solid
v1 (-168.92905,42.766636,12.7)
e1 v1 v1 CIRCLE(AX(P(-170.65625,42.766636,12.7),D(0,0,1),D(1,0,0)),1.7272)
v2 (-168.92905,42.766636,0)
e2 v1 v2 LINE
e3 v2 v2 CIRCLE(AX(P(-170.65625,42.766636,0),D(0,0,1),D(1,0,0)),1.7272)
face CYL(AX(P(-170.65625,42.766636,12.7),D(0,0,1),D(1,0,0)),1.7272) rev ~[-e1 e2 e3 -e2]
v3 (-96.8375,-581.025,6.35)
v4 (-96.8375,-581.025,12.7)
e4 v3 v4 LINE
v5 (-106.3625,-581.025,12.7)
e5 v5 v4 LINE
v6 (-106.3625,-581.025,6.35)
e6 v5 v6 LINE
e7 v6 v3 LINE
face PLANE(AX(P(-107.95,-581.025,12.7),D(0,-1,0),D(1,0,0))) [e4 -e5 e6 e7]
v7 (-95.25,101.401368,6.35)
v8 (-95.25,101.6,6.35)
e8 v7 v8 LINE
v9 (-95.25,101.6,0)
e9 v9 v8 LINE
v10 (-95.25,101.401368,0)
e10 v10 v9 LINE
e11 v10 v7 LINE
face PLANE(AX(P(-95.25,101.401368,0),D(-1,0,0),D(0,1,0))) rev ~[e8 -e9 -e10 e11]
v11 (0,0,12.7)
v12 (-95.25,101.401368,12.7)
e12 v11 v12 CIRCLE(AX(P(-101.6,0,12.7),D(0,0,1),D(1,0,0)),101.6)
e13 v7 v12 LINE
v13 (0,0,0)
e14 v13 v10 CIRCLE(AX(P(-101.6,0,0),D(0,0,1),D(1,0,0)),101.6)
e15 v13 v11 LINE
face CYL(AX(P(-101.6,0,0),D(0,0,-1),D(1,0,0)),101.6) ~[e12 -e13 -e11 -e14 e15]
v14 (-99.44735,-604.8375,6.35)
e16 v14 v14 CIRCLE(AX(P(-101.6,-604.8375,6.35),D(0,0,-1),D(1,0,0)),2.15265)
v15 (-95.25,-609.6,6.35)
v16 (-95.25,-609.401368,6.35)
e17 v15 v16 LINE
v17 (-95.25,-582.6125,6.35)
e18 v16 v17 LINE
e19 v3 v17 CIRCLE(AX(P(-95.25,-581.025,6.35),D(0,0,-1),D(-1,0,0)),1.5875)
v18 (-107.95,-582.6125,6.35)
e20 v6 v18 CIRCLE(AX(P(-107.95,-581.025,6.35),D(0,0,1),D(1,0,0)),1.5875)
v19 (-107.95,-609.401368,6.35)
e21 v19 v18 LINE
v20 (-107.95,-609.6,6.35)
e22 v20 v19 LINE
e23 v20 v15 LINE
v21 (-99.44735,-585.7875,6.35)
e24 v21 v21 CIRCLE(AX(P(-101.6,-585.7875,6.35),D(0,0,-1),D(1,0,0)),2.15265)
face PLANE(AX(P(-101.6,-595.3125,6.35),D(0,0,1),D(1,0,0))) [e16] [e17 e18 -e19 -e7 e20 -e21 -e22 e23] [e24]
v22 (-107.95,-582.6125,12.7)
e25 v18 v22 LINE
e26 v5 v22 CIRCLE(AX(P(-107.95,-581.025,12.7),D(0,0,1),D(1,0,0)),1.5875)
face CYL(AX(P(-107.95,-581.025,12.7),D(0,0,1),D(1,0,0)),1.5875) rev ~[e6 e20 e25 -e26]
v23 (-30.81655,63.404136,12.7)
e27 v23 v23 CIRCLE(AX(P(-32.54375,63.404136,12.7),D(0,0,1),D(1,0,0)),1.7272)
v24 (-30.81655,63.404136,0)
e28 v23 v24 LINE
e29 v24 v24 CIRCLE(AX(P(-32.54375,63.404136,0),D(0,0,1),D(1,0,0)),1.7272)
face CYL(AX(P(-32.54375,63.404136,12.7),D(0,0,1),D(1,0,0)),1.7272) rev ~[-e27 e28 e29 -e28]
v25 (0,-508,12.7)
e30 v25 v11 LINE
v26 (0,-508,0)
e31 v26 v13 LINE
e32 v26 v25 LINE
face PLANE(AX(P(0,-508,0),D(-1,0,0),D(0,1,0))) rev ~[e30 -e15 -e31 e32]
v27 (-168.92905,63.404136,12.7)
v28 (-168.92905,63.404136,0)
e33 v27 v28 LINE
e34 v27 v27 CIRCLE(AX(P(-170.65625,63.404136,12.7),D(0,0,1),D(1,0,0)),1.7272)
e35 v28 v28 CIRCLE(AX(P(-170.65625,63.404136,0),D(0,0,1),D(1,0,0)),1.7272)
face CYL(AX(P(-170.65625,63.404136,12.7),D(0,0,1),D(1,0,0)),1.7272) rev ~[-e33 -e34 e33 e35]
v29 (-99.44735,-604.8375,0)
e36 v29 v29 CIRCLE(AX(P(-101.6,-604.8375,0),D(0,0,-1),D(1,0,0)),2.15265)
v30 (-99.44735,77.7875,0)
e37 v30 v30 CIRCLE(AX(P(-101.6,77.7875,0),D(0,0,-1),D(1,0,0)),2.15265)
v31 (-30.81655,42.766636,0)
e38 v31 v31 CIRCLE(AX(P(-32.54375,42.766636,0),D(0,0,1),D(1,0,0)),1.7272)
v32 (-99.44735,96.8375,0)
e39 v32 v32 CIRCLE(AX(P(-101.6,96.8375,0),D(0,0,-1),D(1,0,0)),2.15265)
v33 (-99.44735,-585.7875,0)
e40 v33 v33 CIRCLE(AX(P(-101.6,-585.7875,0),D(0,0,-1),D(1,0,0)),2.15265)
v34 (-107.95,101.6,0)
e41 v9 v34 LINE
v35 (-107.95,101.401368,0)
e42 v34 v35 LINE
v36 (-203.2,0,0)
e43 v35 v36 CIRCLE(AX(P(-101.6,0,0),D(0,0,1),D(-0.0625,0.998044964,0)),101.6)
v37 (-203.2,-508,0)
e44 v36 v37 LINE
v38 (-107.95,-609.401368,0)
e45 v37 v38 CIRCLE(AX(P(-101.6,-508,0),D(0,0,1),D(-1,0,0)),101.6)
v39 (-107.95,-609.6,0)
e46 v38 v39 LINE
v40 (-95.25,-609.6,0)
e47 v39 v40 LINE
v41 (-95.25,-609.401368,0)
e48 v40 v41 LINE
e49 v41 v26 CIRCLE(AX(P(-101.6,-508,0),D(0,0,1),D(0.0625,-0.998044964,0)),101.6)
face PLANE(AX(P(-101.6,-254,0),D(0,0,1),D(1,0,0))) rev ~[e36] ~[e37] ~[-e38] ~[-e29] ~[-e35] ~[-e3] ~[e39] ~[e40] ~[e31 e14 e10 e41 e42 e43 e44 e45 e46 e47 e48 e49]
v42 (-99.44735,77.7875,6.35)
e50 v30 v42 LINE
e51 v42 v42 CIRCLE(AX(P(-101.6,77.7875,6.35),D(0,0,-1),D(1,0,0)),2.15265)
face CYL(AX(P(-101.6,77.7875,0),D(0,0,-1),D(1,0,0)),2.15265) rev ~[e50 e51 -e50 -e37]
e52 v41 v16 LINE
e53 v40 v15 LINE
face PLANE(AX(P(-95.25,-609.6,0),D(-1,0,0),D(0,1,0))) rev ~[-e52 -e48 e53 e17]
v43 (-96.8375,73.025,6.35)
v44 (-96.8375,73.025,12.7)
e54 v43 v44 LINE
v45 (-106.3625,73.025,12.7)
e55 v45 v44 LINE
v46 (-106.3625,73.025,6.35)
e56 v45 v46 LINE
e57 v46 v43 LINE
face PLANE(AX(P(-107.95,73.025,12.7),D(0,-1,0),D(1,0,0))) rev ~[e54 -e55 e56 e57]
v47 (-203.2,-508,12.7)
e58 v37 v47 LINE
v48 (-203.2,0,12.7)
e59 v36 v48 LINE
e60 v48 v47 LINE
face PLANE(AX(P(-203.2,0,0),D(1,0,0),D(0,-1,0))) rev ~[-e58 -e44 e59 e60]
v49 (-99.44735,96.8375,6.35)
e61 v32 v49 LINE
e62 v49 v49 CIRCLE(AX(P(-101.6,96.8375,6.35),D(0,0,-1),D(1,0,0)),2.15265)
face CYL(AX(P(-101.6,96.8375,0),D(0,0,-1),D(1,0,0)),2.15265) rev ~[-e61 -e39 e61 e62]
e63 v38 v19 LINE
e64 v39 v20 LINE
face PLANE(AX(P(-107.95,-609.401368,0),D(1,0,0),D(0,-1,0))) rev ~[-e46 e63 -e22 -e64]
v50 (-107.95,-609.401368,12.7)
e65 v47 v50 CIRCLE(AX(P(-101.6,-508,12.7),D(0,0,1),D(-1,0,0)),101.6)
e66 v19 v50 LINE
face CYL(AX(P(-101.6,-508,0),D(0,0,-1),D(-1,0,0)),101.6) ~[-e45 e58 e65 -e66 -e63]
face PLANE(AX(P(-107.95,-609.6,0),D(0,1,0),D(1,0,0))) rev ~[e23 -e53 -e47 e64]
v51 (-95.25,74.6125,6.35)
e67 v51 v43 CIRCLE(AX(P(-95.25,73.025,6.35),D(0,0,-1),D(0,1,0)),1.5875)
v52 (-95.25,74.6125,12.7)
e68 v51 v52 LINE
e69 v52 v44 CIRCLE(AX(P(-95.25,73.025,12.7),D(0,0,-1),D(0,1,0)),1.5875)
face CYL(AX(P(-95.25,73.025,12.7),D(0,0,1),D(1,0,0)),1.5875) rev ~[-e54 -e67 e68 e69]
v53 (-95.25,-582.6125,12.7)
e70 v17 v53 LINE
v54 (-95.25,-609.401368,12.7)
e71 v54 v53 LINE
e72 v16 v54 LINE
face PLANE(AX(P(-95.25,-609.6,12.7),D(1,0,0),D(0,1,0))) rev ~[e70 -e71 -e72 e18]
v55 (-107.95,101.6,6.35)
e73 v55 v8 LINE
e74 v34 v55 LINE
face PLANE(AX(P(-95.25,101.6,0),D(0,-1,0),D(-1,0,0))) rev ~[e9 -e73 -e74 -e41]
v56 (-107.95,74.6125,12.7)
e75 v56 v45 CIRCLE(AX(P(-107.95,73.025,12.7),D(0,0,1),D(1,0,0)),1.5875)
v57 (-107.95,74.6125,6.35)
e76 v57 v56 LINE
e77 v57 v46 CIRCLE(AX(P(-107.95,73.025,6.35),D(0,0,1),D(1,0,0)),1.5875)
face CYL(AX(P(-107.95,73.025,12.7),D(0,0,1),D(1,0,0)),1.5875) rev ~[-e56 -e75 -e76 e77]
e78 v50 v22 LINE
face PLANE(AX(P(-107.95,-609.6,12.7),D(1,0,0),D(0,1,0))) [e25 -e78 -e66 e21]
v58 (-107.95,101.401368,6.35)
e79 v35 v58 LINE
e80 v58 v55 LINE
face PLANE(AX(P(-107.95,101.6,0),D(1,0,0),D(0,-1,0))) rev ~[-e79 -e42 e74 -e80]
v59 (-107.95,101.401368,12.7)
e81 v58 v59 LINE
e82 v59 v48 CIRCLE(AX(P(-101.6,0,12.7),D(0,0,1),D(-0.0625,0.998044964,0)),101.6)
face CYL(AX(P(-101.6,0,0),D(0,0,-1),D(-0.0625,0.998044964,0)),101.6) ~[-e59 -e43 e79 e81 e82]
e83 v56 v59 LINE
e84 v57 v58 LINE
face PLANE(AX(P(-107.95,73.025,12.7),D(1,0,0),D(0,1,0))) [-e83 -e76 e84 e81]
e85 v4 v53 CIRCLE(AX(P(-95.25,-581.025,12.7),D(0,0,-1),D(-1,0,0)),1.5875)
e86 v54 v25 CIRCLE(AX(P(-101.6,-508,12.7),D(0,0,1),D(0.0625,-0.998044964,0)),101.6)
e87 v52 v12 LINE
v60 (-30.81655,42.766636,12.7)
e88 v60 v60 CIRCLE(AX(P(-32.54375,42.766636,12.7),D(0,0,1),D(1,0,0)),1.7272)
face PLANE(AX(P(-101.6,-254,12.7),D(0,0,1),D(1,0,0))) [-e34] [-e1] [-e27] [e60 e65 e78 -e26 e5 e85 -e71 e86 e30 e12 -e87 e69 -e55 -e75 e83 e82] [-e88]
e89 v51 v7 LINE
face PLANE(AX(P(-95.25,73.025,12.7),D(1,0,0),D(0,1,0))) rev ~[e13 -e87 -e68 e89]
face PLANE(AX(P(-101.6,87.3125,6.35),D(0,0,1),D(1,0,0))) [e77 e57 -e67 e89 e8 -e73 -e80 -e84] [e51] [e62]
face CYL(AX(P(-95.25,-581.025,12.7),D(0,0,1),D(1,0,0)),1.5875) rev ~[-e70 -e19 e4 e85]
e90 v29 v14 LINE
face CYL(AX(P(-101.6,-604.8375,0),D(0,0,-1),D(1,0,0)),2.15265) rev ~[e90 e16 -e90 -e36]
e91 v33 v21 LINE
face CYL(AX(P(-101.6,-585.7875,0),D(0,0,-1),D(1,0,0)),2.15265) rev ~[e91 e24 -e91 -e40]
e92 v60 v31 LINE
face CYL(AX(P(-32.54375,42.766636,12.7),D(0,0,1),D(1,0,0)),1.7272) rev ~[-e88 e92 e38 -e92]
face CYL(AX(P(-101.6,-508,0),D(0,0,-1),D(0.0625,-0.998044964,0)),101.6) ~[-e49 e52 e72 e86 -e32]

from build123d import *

# Parameters (mm, degrees)
F1_DEPTH = 12.7
F2_R     = 1.7272
F3_DEPTH = 12.7
F4_W     = 12.7
F4_H     = 28.575
F5_DEPTH = 6.35
F6_R     = 1.5875
F7_DEPTH = 6.35
F8_R     = 2.15265
F9_DEPTH = 12.7


with BuildPart() as f1:
    # F0 (on Top) → F1 (new body)
    with BuildSketch(Plane.XY):
        with BuildLine():
            Line((0, -508), (0, 0))
            ThreePointArc((0, 0), (-27.5469109355, 69.5607648032), (-95.25, 101.401368334))
            Line((-95.25, 101.401368334), (-95.25, 101.6))
            Line((-95.25, 101.6), (-107.95, 101.6))
            Line((-107.95, 101.6), (-107.95, 101.401368334))
            ThreePointArc((-107.95, 101.401368334), (-175.6530890645, 69.5607648032), (-203.2, 0))
            Line((-203.2, 0), (-203.2, -508))
            ThreePointArc((-203.2, -508), (-175.6530890645, -577.5607648032), (-107.95, -609.401368334))
            Line((-107.95, -609.401368334), (-107.95, -609.6))
            Line((-107.95, -609.6), (-95.25, -609.6))
            Line((-95.25, -609.6), (-95.25, -609.401368334))
            ThreePointArc((-95.25, -609.401368334), (-27.5469109355, -577.5607648032), (0, -508))
        make_face()
    extrude(amount=F1_DEPTH)

    # F2 (on face) → F3 (cut, through all)
    with BuildSketch(Plane.XY.offset(12.7)):
        with Locations((-32.54375, 63.404136047)):
            Circle(F2_R)
        with Locations((-32.54375, 42.766636047)):
            Circle(F2_R)
        with Locations((-170.65625, 42.766636047)):
            Circle(F2_R)
        with Locations((-170.65625, 63.404136047)):
            Circle(F2_R)
    extrude(amount=-F3_DEPTH, mode=Mode.SUBTRACT)

    # F4 (on face) → F5 (cut)
    with BuildSketch(Plane.XY.offset(12.7)):
        with Locations((-101.6, 87.3125)):
            Rectangle(F4_W, F4_H)
        with Locations((-101.6, -595.3125)):
            Rectangle(F4_W, F4_H)
    extrude(amount=-F5_DEPTH, mode=Mode.SUBTRACT)

    # F6 (on face) → F7 (cut, through all)
    with BuildSketch(Plane.XY.offset(12.7)):
        with Locations((-107.95, -581.025)):
            Circle(F6_R)
        with Locations((-95.25, -581.025)):
            Circle(F6_R)
        with Locations((-107.95, 73.025)):
            Circle(F6_R)
        with Locations((-95.25, 73.025)):
            Circle(F6_R)
    extrude(amount=-F7_DEPTH, mode=Mode.SUBTRACT)

    # F8 (on face) → F9 (cut, through all)
    with BuildSketch(Plane(origin=(0, 0, 0), x_dir=(1, 0, 0), z_dir=(0, 0, -1))):
        with Locations((-101.6, -96.8375)):
            Circle(F8_R)
        with Locations((-101.6, -77.7875)):
            Circle(F8_R)
        with Locations((-101.6, 604.8375)):
            Circle(F8_R)
        with Locations((-101.6, 585.7875)):
            Circle(F8_R)
    extrude(amount=-F9_DEPTH, mode=Mode.SUBTRACT)


solid = f1.part
